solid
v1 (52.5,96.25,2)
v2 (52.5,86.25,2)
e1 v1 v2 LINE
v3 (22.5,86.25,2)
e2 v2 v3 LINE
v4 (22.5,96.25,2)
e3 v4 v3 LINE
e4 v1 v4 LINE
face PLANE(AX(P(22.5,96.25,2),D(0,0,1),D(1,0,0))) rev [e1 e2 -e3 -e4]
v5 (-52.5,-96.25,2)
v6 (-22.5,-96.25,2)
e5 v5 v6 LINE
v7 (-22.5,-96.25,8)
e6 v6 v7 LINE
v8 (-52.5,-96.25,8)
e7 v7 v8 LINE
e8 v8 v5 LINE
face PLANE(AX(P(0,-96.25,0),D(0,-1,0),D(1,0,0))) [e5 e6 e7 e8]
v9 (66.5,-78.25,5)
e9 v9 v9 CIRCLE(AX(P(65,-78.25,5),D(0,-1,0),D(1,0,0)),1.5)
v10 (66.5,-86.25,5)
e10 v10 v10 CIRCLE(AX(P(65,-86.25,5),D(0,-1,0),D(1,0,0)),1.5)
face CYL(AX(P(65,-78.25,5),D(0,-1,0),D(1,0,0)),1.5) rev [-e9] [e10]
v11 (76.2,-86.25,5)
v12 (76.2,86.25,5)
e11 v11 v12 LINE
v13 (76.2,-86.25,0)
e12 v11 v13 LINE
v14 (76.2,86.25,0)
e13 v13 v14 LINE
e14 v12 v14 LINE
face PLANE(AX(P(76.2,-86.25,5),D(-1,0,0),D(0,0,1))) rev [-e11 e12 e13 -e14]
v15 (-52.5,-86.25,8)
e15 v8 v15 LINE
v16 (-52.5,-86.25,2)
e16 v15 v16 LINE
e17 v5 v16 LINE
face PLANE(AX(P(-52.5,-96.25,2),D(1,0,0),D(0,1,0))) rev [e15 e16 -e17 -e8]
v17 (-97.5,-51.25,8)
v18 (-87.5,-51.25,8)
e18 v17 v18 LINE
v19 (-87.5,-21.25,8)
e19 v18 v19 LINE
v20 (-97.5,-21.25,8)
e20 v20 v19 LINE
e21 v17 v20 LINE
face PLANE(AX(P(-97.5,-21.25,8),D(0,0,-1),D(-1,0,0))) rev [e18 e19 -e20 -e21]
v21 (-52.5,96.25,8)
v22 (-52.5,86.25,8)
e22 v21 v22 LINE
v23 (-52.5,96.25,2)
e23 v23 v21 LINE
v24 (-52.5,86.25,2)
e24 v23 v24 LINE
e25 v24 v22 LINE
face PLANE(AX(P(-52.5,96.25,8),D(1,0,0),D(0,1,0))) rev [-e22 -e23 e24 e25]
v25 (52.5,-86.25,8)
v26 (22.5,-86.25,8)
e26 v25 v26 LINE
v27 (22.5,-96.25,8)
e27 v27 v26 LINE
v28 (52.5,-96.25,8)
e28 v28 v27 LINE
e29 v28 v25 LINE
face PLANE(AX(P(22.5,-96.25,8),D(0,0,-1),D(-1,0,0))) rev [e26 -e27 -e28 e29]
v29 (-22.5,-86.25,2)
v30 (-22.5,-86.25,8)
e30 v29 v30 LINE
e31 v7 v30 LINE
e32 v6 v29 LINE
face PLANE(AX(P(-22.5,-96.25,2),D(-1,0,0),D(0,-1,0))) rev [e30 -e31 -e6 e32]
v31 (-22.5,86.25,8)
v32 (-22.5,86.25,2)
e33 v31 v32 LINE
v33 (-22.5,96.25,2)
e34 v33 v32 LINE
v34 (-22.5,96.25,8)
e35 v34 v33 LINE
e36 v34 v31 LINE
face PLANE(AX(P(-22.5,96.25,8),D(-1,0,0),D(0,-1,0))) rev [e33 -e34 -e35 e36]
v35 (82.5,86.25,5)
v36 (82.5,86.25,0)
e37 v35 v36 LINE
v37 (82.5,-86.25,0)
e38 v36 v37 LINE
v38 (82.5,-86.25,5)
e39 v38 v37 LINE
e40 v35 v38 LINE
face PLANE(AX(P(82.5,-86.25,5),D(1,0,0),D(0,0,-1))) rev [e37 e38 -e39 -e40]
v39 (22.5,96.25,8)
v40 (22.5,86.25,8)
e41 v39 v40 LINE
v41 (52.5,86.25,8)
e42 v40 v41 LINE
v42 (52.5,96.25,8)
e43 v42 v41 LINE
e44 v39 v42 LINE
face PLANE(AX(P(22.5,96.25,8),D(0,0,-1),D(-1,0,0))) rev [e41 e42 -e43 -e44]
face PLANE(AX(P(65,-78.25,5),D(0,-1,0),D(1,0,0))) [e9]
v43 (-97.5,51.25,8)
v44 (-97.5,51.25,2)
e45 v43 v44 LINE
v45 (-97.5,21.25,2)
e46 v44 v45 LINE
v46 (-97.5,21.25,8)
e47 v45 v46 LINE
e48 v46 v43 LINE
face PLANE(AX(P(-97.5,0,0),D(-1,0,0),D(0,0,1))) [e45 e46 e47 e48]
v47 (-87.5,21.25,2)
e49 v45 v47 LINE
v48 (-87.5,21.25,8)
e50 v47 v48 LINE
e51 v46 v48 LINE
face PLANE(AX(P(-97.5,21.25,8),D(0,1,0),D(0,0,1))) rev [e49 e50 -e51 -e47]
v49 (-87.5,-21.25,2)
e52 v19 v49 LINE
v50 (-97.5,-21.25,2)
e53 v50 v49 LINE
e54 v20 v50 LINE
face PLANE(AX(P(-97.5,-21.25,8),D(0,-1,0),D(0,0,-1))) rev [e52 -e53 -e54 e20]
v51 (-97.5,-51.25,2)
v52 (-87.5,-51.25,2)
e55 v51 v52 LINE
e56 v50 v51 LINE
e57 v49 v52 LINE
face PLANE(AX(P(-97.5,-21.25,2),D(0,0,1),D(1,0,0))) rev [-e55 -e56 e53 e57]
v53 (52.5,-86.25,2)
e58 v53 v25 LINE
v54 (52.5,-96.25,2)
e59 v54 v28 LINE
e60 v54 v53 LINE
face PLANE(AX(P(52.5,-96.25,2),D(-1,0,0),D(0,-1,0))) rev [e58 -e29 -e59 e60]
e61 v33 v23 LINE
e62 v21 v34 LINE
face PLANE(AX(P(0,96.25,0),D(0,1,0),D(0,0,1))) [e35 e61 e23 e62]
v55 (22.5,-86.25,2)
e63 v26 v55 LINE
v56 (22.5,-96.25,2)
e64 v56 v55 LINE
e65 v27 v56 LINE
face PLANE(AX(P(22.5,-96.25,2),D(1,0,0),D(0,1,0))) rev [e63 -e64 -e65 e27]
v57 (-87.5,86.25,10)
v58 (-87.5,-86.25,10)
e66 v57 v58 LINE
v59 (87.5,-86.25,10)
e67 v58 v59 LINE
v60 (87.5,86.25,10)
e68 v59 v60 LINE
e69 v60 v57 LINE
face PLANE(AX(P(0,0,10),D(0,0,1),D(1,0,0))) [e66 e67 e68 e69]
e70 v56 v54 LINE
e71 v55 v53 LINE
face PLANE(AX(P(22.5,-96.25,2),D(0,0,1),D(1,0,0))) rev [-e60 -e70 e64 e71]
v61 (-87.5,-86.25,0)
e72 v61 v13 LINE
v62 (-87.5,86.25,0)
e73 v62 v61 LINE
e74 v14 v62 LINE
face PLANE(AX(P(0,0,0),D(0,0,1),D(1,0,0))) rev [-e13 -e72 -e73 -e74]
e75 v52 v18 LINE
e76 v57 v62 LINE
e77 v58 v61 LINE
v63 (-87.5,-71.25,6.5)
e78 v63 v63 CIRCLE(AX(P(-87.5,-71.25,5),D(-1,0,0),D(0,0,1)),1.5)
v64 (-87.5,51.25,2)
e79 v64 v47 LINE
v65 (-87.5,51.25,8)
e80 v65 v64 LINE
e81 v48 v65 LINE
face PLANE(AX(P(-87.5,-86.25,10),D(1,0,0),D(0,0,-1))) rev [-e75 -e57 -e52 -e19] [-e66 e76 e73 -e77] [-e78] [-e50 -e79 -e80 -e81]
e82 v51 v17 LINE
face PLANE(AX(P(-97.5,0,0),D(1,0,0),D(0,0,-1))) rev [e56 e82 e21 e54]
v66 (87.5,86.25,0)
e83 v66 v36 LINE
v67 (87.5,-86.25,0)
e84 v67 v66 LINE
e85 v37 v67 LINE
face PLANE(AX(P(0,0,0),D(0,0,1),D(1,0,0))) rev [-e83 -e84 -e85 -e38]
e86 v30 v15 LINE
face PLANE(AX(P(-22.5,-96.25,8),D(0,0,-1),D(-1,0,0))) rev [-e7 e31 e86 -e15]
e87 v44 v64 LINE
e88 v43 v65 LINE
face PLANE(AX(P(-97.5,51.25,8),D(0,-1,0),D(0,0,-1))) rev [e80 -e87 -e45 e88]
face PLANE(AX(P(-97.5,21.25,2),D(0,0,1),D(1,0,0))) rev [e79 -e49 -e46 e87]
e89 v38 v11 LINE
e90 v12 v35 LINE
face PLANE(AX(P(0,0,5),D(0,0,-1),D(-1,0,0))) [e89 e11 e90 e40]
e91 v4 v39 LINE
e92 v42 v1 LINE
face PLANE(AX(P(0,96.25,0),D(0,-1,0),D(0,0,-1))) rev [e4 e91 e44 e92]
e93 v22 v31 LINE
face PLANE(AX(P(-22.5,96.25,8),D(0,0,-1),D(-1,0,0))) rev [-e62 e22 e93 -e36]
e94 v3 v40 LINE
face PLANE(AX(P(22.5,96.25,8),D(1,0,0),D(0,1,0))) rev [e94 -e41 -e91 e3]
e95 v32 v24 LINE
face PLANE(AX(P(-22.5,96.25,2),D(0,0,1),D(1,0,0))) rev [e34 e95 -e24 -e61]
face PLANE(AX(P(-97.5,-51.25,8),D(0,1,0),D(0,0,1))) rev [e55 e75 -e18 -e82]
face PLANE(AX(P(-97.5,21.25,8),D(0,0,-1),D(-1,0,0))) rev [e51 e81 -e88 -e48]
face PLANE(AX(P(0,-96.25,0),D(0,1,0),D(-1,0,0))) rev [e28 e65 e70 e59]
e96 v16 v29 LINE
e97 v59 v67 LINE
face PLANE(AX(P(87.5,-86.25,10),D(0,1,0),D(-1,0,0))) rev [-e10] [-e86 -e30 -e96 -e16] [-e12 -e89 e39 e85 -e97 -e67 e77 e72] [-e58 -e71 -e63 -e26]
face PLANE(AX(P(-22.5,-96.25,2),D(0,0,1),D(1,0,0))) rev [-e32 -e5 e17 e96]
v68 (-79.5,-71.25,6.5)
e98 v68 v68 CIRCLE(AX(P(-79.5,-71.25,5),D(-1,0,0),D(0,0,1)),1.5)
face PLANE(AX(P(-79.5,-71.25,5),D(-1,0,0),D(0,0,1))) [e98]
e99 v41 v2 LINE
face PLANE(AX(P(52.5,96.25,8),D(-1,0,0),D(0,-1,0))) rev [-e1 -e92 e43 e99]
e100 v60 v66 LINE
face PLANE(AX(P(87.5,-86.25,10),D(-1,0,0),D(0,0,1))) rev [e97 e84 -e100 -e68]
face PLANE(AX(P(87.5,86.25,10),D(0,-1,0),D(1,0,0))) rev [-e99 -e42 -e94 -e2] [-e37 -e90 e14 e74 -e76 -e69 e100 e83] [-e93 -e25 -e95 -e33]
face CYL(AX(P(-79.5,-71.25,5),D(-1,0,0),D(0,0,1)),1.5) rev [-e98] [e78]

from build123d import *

# Parameters (mm, degrees)
ESBO_O1_W                = 175
ESBO_O1_H                = 172.5
RESSALTO_EXTRUS_O1_DEPTH = 10
ESBO_O5_W                = 30
ESBO_O5_H                = 6
RESSALTO_EXTRUS_O5_DEPTH = 10
ESBO_O6_W                = 6
ESBO_O6_H                = 30
RESSALTO_EXTRUS_O6_DEPTH = 10
ESBO_O7_W                = 30
ESBO_O7_H                = 6
RESSALTO_EXTRUS_O7_DEPTH = 10
ESBO_O8_W                = 6.3
ESBO_O8_H                = 172.5
CORTE_EXTRUS_O1_DEPTH    = 5
ESBO_O9_R                = 1.5
CORTE_EXTRUS_O2_DEPTH    = 8
ESBO_O10_R               = 1.5
CORTE_EXTRUS_O3_DEPTH    = 8


with BuildPart() as part:
    # Esboço1 → Ressalto-extrusão1 (new body)
    with BuildSketch(Plane.XY):
        Rectangle(ESBO_O1_W, ESBO_O1_H)
    extrude(amount=RESSALTO_EXTRUS_O1_DEPTH)

    # Esboço5 → Ressalto-extrusão5 (add)
    with BuildSketch(Plane(origin=(0, 86.25, 0), x_dir=(1, 0, 0), z_dir=(0, 1, 0))):
        with Locations((-37.5, -5)):
            Rectangle(ESBO_O5_W, ESBO_O5_H)
        with Locations((37.5, -5)):
            Rectangle(ESBO_O5_W, ESBO_O5_H)
    extrude(amount=RESSALTO_EXTRUS_O5_DEPTH)

    # Esboço6 → Ressalto-extrusão6 (add)
    with BuildSketch(Plane.ZY.offset(87.5)):
        with Locations((5, 36.25)):
            Rectangle(ESBO_O6_W, ESBO_O6_H)
        with Locations((5, -36.25)):
            Rectangle(ESBO_O6_W, ESBO_O6_H)
    extrude(amount=RESSALTO_EXTRUS_O6_DEPTH)

    # Esboço7 → Ressalto-extrusão7 (add)
    with BuildSketch(Plane.XZ.offset(86.25)):
        with Locations((-37.5, 5)):
            Rectangle(ESBO_O7_W, ESBO_O7_H)
        with Locations((37.5, 5)):
            Rectangle(ESBO_O7_W, ESBO_O7_H)
    extrude(amount=RESSALTO_EXTRUS_O7_DEPTH)

    # Esboço8 → Corte-extrusão1 (cut)
    with BuildSketch(Plane(origin=(0, 0, 0), x_dir=(-1, 0, 0), z_dir=(0, 0, -1))):
        with Locations((-79.35, 0)):
            Rectangle(ESBO_O8_W, ESBO_O8_H)
    extrude(amount=-CORTE_EXTRUS_O1_DEPTH, mode=Mode.SUBTRACT)

    # Esboço9 → Corte-extrusão2 (cut)
    with BuildSketch(Plane.ZY.offset(87.5)):
        with Locations((5, -71.25)):
            Circle(ESBO_O9_R)
    extrude(amount=-CORTE_EXTRUS_O2_DEPTH, mode=Mode.SUBTRACT)

    # Esboço10 → Corte-extrusão3 (cut)
    with BuildSketch(Plane.XZ.offset(86.25)):
        with Locations((65, 5)):
            Circle(ESBO_O10_R)
    extrude(amount=-CORTE_EXTRUS_O3_DEPTH, mode=Mode.SUBTRACT)


solid = part.part
